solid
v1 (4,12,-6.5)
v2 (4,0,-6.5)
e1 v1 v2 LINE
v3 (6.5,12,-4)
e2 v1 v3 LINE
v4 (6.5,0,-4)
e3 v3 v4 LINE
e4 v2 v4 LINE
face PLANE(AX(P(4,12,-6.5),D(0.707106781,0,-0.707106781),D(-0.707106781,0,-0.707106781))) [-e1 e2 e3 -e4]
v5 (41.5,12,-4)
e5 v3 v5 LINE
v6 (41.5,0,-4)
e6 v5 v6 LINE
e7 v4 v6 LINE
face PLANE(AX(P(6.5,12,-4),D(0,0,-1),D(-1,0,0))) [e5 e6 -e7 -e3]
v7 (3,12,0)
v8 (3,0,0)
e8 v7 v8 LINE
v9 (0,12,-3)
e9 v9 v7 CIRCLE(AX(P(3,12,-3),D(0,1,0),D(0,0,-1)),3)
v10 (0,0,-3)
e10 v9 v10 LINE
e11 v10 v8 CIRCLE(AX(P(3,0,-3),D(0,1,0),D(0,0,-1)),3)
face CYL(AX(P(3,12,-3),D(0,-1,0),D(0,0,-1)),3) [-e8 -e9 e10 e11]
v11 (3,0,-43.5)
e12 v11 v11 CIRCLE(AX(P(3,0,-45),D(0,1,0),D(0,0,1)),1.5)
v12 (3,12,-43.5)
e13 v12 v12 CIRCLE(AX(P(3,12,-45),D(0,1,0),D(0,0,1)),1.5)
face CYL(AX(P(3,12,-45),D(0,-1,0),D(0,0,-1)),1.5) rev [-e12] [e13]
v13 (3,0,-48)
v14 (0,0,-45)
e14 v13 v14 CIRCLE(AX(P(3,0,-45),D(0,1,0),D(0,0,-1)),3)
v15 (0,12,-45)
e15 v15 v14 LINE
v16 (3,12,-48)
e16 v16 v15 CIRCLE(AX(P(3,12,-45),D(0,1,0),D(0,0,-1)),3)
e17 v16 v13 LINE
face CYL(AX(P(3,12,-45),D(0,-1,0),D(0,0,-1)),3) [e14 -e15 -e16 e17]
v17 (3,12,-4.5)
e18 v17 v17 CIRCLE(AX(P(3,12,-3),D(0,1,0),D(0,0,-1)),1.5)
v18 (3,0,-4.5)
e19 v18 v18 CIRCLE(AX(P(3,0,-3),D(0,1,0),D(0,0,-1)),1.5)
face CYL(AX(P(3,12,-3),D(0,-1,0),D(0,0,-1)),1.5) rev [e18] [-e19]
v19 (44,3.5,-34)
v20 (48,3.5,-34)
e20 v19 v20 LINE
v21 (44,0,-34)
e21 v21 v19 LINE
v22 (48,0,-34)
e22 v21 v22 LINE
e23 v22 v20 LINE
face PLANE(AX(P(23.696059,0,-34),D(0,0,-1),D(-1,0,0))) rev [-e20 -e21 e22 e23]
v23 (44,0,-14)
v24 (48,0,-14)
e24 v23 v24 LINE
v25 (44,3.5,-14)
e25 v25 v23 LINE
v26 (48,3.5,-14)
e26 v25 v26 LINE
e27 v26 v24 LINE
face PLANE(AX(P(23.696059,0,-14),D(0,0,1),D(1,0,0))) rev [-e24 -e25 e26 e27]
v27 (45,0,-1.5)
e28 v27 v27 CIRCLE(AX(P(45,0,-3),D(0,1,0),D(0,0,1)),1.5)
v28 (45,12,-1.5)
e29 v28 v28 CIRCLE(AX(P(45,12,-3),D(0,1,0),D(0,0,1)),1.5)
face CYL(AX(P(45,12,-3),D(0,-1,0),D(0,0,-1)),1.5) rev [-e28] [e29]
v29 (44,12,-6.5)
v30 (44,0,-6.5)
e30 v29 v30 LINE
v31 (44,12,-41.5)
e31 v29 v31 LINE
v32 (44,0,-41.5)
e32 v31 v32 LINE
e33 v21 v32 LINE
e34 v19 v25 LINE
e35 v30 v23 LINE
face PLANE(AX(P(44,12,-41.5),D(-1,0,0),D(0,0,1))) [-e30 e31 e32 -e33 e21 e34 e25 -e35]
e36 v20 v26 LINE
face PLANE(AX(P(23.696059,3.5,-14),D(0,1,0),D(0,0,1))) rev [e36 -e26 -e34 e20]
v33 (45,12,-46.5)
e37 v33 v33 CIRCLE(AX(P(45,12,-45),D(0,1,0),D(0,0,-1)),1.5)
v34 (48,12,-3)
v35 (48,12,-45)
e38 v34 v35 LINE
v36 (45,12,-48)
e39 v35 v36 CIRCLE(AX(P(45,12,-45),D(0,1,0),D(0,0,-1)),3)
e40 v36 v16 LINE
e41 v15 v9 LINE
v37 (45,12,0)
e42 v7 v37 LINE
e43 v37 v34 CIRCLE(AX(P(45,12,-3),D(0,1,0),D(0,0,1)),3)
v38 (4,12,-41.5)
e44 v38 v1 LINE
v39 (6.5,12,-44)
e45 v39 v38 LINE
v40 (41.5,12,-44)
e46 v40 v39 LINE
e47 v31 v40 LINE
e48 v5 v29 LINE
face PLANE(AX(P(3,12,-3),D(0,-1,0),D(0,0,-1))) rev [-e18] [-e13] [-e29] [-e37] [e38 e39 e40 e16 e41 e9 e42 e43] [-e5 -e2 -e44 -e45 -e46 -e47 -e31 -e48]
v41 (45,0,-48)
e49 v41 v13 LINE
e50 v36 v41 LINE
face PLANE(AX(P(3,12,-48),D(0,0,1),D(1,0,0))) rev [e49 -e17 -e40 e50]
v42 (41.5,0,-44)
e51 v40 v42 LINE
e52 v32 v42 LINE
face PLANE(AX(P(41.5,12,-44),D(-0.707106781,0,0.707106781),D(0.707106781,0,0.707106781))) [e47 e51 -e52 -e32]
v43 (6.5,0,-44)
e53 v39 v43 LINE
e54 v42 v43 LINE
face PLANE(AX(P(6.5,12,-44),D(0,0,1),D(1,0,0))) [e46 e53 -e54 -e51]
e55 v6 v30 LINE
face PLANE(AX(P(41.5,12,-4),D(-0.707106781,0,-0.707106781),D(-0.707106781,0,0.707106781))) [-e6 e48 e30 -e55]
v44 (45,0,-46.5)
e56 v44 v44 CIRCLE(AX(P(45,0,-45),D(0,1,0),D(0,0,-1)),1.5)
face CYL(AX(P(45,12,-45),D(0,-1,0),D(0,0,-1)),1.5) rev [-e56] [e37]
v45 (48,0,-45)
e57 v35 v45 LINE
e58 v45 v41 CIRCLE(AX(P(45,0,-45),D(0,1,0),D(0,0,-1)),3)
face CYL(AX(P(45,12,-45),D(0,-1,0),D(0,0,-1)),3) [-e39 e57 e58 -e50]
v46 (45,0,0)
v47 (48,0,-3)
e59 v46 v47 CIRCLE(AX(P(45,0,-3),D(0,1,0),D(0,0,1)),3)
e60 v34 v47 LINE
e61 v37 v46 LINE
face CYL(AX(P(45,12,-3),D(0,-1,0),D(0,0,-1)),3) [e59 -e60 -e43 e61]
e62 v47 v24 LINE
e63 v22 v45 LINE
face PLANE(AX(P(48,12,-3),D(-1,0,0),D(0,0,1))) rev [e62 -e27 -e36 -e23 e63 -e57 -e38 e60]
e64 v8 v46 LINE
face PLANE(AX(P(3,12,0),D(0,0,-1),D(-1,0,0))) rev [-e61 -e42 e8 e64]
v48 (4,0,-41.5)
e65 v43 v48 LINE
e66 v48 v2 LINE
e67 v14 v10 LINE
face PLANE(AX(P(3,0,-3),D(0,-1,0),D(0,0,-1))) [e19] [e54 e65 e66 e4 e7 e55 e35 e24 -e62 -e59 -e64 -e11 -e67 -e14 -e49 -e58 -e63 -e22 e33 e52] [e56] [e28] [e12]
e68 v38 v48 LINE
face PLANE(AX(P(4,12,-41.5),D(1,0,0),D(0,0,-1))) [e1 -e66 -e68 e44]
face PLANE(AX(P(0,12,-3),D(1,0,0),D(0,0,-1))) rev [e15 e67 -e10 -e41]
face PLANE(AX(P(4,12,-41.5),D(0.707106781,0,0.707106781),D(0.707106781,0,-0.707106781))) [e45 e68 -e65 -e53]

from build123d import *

# Parameters (mm, degrees)
SKETCH3_R           = 1.5
BOSS_EXTRUDE1_DEPTH = 12
SKETCH4_W           = 20
SKETCH4_H           = 3.5
CUT_EXTRUDE1_DEPTH  = 4


with BuildPart() as part:
    # Sketch3 → Boss-Extrude1 (new body)
    with BuildSketch(Plane(origin=(0, 0, 0), x_dir=(1, 0, 0), z_dir=(0, 1, 0))):
        with BuildLine():
            Line((3, 0), (45, 0))
            ThreePointArc((45, 0), (47.121320344, 0.878679656), (48, 3))
            Line((48, 3), (48, 45))
            ThreePointArc((48, 45), (47.121320344, 47.121320344), (45, 48))
            Line((45, 48), (3, 48))
            ThreePointArc((3, 48), (0.878679656, 47.121320344), (0, 45))
            Line((0, 45), (0, 3))
            ThreePointArc((0, 3), (0.878679656, 0.878679656), (3, 0))
        make_face()
        with Locations(Location((3, 45, 0), (0, 0, 270))):
            Circle(SKETCH3_R, mode=Mode.SUBTRACT)
        with Locations(Location((3, 3, 0), (0, 0, 90))):
            Circle(SKETCH3_R, mode=Mode.SUBTRACT)
        with Locations(Location((45, 3, 0), (0, 0, 270))):
            Circle(SKETCH3_R, mode=Mode.SUBTRACT)
        with Locations(Location((45, 45, 0), (0, 0, 90))):
            Circle(SKETCH3_R, mode=Mode.SUBTRACT)
        Polygon((4, 41.5), (6.5, 44), (41.5, 44), (44, 41.5), (44, 6.5), (41.5, 4), (6.5, 4), (4, 6.5), align=None, mode=Mode.SUBTRACT)
    extrude(amount=BOSS_EXTRUDE1_DEPTH)

    # Sketch4 → Cut-Extrude1 (cut)
    with BuildSketch(Plane(origin=(48, 0, 0), x_dir=(0, 0, -1), z_dir=(1, 0, 0))):
        with Locations((24, 1.75)):
            Rectangle(SKETCH4_W, SKETCH4_H)
    extrude(amount=-CUT_EXTRUDE1_DEPTH, mode=Mode.SUBTRACT)


solid = part.part
